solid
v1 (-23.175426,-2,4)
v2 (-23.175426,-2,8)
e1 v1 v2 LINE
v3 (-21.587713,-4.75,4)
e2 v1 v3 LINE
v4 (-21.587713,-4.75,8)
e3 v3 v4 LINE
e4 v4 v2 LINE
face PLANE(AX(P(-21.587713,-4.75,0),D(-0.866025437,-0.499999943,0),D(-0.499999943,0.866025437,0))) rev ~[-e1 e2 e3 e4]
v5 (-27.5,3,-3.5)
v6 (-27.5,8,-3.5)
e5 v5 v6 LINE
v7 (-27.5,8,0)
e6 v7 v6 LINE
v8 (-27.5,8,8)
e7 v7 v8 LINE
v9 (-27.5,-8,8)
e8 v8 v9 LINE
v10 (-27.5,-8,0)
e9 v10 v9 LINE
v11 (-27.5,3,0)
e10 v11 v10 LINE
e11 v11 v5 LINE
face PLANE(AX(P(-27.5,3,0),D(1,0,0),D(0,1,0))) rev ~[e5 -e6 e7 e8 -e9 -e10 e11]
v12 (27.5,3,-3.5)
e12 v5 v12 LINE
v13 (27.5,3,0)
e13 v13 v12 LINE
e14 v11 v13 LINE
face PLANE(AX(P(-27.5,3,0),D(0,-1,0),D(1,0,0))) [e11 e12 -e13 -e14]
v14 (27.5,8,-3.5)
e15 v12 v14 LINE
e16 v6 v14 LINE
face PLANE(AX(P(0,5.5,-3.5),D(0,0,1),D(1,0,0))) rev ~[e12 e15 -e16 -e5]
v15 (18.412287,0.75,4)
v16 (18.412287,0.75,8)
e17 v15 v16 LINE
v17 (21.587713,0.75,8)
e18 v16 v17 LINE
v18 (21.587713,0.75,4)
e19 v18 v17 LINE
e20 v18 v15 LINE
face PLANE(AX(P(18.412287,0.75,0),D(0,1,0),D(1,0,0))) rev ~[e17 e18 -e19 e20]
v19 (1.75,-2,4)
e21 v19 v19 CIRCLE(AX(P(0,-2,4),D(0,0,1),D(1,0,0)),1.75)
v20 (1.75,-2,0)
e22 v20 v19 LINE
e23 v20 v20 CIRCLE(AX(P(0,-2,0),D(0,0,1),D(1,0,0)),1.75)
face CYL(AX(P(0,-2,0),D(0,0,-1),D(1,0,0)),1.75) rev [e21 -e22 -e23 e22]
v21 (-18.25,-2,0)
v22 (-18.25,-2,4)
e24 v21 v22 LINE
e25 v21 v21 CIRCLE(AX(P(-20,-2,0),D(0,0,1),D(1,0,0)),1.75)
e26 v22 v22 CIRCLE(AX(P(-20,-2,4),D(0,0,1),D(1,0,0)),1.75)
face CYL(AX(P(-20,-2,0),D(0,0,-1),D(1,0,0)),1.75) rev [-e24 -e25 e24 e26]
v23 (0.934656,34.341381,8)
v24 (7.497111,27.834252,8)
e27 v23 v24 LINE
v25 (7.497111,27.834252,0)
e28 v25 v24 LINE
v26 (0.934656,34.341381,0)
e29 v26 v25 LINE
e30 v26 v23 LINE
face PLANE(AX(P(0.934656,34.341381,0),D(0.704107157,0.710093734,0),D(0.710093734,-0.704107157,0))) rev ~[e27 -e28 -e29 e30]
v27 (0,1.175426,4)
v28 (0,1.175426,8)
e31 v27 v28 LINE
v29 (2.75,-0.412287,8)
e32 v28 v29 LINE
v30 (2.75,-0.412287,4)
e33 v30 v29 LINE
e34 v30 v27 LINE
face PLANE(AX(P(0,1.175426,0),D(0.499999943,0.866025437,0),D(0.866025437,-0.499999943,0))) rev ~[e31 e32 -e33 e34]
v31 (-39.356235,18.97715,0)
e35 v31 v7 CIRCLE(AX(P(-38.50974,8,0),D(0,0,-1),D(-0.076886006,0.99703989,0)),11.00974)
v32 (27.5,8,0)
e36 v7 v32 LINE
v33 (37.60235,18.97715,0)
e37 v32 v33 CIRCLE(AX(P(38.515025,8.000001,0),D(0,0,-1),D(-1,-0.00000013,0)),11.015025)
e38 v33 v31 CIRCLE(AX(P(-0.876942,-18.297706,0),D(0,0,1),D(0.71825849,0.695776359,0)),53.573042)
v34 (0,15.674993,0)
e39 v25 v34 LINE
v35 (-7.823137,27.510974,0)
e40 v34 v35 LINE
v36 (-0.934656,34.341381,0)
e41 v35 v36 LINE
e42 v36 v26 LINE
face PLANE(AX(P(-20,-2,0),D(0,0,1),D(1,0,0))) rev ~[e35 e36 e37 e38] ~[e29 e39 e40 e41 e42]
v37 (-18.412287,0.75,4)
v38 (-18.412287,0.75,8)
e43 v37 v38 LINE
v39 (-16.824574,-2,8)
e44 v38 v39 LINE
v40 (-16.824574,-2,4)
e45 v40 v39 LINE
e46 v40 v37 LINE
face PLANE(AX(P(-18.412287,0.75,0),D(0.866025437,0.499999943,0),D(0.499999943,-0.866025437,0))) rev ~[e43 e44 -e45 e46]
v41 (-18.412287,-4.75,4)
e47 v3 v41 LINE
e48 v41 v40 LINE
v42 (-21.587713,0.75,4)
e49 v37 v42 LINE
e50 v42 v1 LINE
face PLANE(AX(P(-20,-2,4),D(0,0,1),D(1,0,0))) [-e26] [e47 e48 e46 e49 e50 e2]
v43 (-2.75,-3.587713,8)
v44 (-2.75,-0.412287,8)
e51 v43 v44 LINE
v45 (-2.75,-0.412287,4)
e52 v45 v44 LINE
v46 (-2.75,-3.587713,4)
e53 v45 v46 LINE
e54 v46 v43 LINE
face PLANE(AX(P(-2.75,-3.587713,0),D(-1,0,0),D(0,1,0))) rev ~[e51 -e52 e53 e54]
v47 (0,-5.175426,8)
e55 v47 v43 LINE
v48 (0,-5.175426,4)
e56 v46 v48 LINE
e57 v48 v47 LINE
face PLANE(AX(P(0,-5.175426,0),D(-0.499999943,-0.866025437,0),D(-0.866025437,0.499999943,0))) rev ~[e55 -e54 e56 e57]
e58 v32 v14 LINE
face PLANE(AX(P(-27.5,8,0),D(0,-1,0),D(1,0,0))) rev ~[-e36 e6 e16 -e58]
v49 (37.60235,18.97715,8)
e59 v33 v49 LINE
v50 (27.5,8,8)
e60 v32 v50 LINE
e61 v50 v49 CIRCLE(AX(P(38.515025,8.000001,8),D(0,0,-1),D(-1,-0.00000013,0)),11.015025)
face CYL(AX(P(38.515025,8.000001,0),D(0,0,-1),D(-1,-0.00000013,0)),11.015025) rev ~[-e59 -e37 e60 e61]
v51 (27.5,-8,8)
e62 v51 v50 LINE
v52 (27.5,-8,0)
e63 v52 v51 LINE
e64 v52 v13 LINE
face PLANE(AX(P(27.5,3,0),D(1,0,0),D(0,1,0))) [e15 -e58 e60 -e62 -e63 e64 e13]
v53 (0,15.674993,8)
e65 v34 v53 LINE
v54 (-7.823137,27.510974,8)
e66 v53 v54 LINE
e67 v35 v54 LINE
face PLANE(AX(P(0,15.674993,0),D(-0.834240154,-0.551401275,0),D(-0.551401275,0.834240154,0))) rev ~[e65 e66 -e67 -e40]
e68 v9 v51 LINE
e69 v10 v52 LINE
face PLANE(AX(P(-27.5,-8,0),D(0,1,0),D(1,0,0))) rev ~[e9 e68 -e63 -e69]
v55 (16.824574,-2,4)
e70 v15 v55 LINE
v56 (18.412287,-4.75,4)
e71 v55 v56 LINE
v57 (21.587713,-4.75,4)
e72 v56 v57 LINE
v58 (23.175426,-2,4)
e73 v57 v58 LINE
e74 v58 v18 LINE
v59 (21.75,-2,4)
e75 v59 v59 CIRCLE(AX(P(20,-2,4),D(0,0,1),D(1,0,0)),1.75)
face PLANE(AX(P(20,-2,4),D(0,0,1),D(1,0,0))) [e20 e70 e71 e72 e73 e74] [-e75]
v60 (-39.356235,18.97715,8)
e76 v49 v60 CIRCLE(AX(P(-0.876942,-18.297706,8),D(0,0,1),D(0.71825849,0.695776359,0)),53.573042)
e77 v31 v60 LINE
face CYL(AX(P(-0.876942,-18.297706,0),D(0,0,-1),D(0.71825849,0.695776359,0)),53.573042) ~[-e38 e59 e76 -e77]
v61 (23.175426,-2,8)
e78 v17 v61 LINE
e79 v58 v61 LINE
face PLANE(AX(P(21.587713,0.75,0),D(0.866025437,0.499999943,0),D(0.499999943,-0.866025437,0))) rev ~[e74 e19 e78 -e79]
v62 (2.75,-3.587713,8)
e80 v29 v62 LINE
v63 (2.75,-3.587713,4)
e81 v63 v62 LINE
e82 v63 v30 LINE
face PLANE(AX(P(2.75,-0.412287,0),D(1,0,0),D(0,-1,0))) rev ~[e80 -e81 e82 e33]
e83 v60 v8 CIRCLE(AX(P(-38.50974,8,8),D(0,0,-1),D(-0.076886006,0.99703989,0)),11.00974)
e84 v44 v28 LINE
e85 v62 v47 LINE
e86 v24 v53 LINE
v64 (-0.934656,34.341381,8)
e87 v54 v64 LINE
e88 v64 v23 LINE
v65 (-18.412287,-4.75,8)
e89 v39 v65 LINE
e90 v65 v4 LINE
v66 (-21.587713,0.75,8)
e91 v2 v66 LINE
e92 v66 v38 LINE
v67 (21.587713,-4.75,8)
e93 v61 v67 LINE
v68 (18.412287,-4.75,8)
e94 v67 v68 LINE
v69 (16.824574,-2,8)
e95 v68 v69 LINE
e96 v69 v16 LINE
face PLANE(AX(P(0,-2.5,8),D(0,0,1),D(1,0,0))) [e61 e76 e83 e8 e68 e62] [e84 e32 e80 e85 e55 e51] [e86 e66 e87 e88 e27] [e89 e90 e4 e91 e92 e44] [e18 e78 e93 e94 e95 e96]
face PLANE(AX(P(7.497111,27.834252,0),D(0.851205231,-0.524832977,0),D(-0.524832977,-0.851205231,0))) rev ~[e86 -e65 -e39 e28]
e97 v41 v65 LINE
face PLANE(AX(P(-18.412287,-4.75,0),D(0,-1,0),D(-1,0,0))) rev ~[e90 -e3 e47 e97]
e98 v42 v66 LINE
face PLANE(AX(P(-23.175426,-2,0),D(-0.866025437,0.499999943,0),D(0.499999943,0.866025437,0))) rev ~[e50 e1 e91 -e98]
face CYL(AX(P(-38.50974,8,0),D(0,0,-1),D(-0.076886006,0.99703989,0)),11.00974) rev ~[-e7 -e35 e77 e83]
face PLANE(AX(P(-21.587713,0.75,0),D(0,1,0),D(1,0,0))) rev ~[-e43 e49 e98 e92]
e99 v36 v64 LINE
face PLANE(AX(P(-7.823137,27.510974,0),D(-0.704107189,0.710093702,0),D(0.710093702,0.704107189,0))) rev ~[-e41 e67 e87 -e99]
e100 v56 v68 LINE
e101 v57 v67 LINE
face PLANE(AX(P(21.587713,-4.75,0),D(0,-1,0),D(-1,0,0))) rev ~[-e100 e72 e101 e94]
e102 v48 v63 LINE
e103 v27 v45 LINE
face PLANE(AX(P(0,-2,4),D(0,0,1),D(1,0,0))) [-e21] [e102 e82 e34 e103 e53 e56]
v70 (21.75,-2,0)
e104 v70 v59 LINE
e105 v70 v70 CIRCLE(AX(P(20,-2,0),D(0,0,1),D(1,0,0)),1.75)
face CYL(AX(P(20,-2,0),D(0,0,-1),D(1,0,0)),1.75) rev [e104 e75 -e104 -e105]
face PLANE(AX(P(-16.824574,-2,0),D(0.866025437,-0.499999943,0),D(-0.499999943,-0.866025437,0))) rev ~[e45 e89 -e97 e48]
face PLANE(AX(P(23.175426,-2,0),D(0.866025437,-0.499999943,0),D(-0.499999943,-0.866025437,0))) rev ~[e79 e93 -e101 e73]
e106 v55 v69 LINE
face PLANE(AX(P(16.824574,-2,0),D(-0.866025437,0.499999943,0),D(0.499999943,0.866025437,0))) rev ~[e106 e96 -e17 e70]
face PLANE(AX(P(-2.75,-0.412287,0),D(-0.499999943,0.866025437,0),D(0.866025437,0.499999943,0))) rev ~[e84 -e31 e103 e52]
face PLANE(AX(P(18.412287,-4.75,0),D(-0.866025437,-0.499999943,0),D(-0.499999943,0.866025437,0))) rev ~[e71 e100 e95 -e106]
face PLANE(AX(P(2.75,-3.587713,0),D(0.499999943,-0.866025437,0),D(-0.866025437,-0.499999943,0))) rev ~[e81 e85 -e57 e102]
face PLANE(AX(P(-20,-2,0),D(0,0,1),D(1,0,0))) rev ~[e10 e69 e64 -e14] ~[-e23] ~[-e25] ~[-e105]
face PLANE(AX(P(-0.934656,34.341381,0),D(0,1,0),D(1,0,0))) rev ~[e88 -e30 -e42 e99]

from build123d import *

# Parameters (mm, degrees)
F0_W     = 55
F0_H     = 11
F0_H_2   = 5
F1_DEPTH = 8
F0_R     = 1.75
F2_DEPTH = 4
F3_DEPTH = 3.5


with BuildPart() as f1:
    # F0 (on Top) → F1 (new body)
    with BuildSketch(Plane.XY):
        with Locations((0, -2.5)):
            Rectangle(F0_W, F0_H)
        Polygon((-16.824574, -2), (-18.412287, -4.75), (-21.587713, -4.75), (-23.175426, -2), (-21.587713, 0.75), (-18.412287, 0.75), align=None, mode=Mode.SUBTRACT)
        Polygon((0, 1.175426), (2.75, -0.412287), (2.75, -3.587713), (0, -5.175426), (-2.75, -3.587713), (-2.75, -0.412287), align=None, mode=Mode.SUBTRACT)
        Polygon((18.412287, -4.75), (16.824574, -2), (18.412287, 0.75), (21.587713, 0.75), (23.175426, -2), (21.587713, -4.75), align=None, mode=Mode.SUBTRACT)
        with Locations((0, 5.5)):
            Rectangle(F0_W, F0_H_2)
        Polygon((-27.5, 8), (27.5, 8), (7.497111, 27.834252), (0, 15.674993), (-7.823137, 27.510974), align=None)
        with BuildLine():
            Line((7.497111, 27.834252), (27.5, 8))
            ThreePointArc((27.5, 8), (30.409967, 15.459144), (37.60235, 18.97715))
            ThreePointArc((37.60235, 18.97715), (-0.876943, 35.275336), (-39.356235, 18.97715))
            ThreePointArc((-39.356235, 18.97715), (-31.029945, 16.078802), (-27.5, 8))
            Line((-27.5, 8), (-7.823137, 27.510974))
            Line((-7.823137, 27.510974), (-0.934656, 34.341381))
            Line((-0.934656, 34.341381), (0.934656, 34.341381))
            Line((0.934656, 34.341381), (7.497111, 27.834252))
        make_face()
    extrude(amount=F1_DEPTH)

    # F0 (on Top) → F2 (join)
    with BuildSketch(Plane.XY):
        Polygon((-21.587713, -4.75), (-18.412287, -4.75), (-16.824574, -2), (-18.412287, 0.75), (-21.587713, 0.75), (-23.175426, -2), align=None)
        with Locations((-20, -2)):
            Circle(F0_R, mode=Mode.SUBTRACT)
        Polygon((2.75, -3.587713), (2.75, -0.412287), (0, 1.175426), (-2.75, -0.412287), (-2.75, -3.587713), (0, -5.175426), align=None)
        with Locations((0, -2)):
            Circle(F0_R, mode=Mode.SUBTRACT)
        Polygon((18.412287, 0.75), (16.824574, -2), (18.412287, -4.75), (21.587713, -4.75), (23.175426, -2), (21.587713, 0.75), align=None)
        with Locations((20, -2)):
            Circle(F0_R, mode=Mode.SUBTRACT)
    extrude(amount=F2_DEPTH)

    # F0 (on Top) → F3 (join)
    with BuildSketch(Plane.XY):
        with Locations((0, 5.5)):
            Rectangle(F0_W, F0_H_2)
    extrude(amount=-F3_DEPTH)


solid = f1.part
